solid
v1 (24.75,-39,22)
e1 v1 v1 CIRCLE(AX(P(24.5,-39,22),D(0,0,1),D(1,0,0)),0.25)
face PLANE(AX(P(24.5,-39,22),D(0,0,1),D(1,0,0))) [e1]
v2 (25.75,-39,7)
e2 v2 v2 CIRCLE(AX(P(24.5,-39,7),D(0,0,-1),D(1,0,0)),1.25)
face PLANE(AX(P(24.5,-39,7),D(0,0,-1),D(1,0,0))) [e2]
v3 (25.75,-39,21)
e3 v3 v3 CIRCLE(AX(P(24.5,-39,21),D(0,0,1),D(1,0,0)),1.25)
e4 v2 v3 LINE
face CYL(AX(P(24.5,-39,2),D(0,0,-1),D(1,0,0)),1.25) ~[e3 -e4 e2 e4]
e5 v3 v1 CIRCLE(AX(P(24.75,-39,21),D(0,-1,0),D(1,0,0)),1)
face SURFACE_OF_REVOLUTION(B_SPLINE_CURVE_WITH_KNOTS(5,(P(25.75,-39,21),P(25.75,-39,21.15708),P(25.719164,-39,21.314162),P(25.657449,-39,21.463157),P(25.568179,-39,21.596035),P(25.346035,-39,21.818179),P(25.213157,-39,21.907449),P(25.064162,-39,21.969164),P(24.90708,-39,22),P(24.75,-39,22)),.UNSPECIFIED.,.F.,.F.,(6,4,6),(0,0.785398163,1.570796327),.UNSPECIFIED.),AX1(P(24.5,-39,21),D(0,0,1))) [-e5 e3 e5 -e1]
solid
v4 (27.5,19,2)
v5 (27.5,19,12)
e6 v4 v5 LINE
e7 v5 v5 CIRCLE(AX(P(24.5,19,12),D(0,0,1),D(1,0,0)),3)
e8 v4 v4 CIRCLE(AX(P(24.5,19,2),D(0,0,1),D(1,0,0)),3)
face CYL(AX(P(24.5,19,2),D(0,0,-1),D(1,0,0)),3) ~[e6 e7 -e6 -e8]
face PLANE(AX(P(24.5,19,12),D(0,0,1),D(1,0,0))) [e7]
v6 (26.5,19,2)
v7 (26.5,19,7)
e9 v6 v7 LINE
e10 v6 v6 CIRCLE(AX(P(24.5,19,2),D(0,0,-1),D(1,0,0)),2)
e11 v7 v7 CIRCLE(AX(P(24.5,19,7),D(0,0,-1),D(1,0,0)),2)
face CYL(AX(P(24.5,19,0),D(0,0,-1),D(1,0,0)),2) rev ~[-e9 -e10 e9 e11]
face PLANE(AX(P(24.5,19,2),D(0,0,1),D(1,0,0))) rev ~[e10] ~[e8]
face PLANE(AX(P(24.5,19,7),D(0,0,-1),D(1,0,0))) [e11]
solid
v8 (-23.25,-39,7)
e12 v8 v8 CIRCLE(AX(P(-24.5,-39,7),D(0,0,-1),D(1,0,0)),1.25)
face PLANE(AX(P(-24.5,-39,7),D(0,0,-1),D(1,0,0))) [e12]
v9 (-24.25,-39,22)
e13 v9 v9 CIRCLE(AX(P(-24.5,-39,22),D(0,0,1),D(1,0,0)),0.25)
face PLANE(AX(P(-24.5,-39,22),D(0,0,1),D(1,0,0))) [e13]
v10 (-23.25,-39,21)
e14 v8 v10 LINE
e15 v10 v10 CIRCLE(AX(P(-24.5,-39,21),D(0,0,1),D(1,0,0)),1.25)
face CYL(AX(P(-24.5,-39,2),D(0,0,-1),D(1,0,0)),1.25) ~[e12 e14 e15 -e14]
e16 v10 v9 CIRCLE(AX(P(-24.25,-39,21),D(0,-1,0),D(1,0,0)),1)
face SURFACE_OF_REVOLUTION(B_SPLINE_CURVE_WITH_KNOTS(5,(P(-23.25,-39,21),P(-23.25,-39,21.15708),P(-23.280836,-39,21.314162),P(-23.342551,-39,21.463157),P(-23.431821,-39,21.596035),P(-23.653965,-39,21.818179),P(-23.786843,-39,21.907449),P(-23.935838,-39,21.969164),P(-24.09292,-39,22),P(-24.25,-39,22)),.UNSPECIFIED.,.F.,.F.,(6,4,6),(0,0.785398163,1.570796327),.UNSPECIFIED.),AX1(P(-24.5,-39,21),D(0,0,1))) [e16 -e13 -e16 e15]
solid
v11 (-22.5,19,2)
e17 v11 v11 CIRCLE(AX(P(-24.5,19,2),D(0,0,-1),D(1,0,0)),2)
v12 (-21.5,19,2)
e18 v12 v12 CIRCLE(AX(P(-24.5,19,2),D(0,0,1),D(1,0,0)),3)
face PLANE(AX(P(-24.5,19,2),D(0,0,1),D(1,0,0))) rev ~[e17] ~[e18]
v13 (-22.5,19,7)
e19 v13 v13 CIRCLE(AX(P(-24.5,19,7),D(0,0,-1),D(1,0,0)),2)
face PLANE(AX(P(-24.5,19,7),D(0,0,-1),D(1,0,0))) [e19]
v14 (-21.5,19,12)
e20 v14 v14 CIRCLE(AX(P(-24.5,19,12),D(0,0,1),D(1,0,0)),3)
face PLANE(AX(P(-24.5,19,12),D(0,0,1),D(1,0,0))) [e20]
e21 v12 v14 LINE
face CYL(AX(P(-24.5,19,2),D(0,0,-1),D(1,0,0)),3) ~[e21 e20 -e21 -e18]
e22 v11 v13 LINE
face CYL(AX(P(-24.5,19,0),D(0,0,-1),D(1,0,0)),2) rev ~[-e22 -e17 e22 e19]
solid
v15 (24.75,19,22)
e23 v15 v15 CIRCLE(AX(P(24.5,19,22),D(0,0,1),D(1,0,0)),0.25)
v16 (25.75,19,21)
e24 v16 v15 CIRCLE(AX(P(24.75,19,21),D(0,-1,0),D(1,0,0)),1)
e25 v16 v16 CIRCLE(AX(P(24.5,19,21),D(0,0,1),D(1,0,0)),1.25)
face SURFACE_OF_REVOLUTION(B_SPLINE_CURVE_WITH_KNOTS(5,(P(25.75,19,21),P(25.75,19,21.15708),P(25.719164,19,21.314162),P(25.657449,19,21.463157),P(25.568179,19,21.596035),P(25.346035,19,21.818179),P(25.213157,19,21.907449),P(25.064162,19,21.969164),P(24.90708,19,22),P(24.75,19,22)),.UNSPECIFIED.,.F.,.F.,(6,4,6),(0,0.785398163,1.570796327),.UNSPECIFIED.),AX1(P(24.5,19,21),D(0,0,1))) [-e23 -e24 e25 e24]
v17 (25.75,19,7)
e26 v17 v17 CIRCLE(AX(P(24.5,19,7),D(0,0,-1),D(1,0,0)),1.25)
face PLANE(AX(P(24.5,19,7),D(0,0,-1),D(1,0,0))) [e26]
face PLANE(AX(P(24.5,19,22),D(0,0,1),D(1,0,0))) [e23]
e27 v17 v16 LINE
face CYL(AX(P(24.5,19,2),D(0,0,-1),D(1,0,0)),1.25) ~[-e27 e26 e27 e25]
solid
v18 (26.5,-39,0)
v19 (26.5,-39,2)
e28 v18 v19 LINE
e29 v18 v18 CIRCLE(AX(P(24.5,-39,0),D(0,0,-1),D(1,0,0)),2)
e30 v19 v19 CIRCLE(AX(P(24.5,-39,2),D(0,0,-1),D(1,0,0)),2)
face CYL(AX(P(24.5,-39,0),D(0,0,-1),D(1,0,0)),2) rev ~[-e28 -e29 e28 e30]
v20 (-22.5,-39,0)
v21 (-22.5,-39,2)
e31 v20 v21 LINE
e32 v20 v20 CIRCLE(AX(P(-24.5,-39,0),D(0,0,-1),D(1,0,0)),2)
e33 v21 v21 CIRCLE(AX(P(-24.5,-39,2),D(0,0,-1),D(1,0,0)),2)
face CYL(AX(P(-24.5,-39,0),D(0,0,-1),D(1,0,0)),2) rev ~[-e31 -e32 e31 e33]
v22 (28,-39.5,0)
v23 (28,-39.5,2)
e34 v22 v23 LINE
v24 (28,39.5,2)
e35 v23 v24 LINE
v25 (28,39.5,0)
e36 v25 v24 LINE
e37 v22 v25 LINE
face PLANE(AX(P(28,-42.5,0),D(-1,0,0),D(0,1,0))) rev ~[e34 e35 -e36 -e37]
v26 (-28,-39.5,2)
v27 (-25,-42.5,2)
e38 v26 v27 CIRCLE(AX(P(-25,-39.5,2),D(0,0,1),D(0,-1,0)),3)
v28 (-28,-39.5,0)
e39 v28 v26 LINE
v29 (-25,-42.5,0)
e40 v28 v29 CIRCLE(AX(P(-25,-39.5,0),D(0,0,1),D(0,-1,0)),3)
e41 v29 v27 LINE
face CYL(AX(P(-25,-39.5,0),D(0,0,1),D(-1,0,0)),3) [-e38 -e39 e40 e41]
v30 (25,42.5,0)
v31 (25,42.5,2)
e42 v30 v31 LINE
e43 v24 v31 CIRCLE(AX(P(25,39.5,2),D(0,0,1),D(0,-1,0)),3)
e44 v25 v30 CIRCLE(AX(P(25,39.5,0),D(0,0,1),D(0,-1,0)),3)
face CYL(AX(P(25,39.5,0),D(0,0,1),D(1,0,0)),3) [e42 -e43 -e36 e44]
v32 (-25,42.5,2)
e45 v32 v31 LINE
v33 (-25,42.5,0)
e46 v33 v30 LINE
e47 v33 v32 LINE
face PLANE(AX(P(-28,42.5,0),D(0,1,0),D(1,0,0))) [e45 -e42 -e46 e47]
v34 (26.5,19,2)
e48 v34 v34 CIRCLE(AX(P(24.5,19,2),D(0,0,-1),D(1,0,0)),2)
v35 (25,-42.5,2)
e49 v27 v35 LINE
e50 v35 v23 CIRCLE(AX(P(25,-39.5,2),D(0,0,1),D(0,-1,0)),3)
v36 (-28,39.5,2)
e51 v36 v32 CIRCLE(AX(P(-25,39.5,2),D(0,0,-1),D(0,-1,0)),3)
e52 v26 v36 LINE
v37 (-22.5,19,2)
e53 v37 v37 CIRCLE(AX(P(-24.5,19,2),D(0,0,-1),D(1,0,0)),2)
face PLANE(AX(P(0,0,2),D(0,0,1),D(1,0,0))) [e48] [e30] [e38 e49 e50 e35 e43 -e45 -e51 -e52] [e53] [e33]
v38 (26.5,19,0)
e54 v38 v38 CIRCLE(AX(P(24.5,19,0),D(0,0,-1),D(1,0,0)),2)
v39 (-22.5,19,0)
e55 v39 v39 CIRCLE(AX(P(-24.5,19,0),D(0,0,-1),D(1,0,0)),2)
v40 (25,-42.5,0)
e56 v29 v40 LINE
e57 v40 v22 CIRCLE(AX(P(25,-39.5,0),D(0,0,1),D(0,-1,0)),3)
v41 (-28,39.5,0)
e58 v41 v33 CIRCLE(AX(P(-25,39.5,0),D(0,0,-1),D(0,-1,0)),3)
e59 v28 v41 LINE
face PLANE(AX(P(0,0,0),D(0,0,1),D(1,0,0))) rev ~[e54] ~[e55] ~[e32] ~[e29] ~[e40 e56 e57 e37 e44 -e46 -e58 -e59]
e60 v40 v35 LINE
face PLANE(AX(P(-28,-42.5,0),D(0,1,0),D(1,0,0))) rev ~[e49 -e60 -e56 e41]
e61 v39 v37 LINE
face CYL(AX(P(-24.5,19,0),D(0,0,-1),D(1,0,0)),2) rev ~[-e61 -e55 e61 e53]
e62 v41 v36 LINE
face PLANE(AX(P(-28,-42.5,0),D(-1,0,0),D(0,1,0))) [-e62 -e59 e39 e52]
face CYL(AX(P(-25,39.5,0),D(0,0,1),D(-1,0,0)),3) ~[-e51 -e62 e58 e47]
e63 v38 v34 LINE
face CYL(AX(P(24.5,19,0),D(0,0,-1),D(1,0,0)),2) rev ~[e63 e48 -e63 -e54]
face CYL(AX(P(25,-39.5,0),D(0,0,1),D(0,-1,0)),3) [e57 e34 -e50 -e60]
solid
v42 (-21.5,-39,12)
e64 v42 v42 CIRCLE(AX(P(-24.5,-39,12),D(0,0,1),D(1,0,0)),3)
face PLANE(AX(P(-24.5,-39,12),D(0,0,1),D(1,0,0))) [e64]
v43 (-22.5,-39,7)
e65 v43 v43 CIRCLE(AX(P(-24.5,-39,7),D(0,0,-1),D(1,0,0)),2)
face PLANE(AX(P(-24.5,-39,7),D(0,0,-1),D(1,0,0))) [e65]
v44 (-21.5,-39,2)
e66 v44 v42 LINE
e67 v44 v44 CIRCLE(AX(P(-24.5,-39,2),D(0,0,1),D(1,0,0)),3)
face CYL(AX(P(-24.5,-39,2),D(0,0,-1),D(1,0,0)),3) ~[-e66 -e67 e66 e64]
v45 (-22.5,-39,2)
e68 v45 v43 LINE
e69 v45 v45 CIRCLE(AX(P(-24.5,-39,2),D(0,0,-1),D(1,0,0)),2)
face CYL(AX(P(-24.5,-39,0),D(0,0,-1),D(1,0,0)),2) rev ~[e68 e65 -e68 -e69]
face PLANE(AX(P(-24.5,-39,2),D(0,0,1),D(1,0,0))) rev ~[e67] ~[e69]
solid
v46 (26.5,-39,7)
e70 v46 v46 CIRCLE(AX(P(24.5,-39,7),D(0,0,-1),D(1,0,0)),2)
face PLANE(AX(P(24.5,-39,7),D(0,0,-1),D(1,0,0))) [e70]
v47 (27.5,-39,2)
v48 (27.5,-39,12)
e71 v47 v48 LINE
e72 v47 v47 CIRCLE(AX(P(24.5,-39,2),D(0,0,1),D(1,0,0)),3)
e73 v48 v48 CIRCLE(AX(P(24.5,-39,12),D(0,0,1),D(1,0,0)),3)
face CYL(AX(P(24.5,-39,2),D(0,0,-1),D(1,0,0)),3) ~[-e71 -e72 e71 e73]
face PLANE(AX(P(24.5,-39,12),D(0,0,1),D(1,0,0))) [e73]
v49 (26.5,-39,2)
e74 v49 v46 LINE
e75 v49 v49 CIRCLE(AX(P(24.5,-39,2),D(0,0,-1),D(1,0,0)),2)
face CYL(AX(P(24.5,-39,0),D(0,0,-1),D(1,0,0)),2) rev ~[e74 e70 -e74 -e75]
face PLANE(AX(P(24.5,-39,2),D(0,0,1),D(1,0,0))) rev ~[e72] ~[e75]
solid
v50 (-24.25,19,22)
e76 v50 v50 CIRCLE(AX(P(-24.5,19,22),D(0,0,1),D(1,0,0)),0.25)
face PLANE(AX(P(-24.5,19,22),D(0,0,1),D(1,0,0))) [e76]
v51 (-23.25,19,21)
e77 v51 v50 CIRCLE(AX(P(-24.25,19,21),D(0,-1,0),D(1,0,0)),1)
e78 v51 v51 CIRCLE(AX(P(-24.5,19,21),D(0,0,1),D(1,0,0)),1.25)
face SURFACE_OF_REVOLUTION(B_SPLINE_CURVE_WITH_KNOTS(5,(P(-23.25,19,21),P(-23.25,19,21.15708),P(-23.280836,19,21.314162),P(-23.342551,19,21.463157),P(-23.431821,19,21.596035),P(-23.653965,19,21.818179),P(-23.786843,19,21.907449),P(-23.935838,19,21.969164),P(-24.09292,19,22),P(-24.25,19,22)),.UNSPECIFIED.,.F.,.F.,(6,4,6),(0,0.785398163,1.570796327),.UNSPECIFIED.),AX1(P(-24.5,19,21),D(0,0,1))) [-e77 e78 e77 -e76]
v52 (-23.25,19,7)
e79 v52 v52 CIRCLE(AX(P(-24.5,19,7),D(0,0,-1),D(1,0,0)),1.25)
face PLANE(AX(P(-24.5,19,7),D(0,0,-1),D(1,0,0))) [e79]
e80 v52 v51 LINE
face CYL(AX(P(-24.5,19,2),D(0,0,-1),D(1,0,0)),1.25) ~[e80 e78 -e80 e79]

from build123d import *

# Parameters (mm, degrees)
F0_W     = 56
F0_H     = 85
F1_DEPTH = 2
F2_R     = 3
F3_R     = 1.25
F5_DEPTH = 20
F4_R     = 3
F6_DEPTH = 10
F7_R     = 2
F8_DEPTH = 7
F9_R     = 1


with BuildPart() as f1:
    # F0 (on Top) → F1 (new body)
    with BuildSketch(Plane.XY):
        Rectangle(F0_W, F0_H)
    extrude(amount=F1_DEPTH)

    # F2
    f2_edges = [f1.edges().sort_by_distance(p)[0] for p in [
        (-28, 42.5, 1),
        (28, 42.5, 1),
        (28, -42.5, 1),
        (-28, -42.5, 1),
    ]]
    fillet(f2_edges, radius=F2_R)


with BuildPart() as f5:
    # F3 (on face) → F5 (new body)
    with BuildSketch(Plane.XY.offset(2)):
        with Locations((-24.5, -39)):
            Circle(F3_R)
        with Locations((24.5, -39)):
            Circle(F3_R)
        with Locations((-24.5, 19)):
            Circle(F3_R)
        with Locations((24.5, 19)):
            Circle(F3_R)
    extrude(amount=F5_DEPTH)


with BuildPart() as f6:
    # F4 (on face) → F6 (new body)
    with BuildSketch(Plane.XY.offset(2)):
        with Locations((-24.5, 19)):
            Circle(F4_R)
        with Locations((24.5, 19)):
            Circle(F4_R)
        with Locations((-24.5, -39)):
            Circle(F4_R)
        with Locations((24.5, -39)):
            Circle(F4_R)
    extrude(amount=F6_DEPTH)


with BuildPart() as f8_tool:
    # F7 (on face) → F8 (new body)
    with BuildSketch(Plane(origin=(0, 0, 0), x_dir=(1, 0, 0), z_dir=(0, 0, -1))):
        with Locations((-24.5, 39)):
            Circle(F7_R)
        with Locations((24.5, 39)):
            Circle(F7_R)
        with Locations((-24.5, -19)):
            Circle(F7_R)
        with Locations((24.5, -19)):
            Circle(F7_R)
    extrude(amount=-F8_DEPTH)


with BuildPart() as f1_1:
    add(f1.part)

    # F8: cut by f8_tool
    add(f8_tool.part, mode=Mode.SUBTRACT)


with BuildPart() as f5_1:
    add(f5.part)

    # F8: cut by f8_tool
    add(f8_tool.part, mode=Mode.SUBTRACT)

    # F9
    f9_edges = [f5_1.edges().sort_by_distance(p)[0] for p in [
        (-25.75, 19, 22),
        (-25.75, -39, 22),
        (23.25, -39, 22),
        (23.25, 19, 22),
    ]]
    fillet(f9_edges, radius=F9_R)


with BuildPart() as f6_1:
    add(f6.part)

    # F8: cut by f8_tool
    add(f8_tool.part, mode=Mode.SUBTRACT)


solid = Compound([f1_1.part, f5_1.part, f6_1.part])
